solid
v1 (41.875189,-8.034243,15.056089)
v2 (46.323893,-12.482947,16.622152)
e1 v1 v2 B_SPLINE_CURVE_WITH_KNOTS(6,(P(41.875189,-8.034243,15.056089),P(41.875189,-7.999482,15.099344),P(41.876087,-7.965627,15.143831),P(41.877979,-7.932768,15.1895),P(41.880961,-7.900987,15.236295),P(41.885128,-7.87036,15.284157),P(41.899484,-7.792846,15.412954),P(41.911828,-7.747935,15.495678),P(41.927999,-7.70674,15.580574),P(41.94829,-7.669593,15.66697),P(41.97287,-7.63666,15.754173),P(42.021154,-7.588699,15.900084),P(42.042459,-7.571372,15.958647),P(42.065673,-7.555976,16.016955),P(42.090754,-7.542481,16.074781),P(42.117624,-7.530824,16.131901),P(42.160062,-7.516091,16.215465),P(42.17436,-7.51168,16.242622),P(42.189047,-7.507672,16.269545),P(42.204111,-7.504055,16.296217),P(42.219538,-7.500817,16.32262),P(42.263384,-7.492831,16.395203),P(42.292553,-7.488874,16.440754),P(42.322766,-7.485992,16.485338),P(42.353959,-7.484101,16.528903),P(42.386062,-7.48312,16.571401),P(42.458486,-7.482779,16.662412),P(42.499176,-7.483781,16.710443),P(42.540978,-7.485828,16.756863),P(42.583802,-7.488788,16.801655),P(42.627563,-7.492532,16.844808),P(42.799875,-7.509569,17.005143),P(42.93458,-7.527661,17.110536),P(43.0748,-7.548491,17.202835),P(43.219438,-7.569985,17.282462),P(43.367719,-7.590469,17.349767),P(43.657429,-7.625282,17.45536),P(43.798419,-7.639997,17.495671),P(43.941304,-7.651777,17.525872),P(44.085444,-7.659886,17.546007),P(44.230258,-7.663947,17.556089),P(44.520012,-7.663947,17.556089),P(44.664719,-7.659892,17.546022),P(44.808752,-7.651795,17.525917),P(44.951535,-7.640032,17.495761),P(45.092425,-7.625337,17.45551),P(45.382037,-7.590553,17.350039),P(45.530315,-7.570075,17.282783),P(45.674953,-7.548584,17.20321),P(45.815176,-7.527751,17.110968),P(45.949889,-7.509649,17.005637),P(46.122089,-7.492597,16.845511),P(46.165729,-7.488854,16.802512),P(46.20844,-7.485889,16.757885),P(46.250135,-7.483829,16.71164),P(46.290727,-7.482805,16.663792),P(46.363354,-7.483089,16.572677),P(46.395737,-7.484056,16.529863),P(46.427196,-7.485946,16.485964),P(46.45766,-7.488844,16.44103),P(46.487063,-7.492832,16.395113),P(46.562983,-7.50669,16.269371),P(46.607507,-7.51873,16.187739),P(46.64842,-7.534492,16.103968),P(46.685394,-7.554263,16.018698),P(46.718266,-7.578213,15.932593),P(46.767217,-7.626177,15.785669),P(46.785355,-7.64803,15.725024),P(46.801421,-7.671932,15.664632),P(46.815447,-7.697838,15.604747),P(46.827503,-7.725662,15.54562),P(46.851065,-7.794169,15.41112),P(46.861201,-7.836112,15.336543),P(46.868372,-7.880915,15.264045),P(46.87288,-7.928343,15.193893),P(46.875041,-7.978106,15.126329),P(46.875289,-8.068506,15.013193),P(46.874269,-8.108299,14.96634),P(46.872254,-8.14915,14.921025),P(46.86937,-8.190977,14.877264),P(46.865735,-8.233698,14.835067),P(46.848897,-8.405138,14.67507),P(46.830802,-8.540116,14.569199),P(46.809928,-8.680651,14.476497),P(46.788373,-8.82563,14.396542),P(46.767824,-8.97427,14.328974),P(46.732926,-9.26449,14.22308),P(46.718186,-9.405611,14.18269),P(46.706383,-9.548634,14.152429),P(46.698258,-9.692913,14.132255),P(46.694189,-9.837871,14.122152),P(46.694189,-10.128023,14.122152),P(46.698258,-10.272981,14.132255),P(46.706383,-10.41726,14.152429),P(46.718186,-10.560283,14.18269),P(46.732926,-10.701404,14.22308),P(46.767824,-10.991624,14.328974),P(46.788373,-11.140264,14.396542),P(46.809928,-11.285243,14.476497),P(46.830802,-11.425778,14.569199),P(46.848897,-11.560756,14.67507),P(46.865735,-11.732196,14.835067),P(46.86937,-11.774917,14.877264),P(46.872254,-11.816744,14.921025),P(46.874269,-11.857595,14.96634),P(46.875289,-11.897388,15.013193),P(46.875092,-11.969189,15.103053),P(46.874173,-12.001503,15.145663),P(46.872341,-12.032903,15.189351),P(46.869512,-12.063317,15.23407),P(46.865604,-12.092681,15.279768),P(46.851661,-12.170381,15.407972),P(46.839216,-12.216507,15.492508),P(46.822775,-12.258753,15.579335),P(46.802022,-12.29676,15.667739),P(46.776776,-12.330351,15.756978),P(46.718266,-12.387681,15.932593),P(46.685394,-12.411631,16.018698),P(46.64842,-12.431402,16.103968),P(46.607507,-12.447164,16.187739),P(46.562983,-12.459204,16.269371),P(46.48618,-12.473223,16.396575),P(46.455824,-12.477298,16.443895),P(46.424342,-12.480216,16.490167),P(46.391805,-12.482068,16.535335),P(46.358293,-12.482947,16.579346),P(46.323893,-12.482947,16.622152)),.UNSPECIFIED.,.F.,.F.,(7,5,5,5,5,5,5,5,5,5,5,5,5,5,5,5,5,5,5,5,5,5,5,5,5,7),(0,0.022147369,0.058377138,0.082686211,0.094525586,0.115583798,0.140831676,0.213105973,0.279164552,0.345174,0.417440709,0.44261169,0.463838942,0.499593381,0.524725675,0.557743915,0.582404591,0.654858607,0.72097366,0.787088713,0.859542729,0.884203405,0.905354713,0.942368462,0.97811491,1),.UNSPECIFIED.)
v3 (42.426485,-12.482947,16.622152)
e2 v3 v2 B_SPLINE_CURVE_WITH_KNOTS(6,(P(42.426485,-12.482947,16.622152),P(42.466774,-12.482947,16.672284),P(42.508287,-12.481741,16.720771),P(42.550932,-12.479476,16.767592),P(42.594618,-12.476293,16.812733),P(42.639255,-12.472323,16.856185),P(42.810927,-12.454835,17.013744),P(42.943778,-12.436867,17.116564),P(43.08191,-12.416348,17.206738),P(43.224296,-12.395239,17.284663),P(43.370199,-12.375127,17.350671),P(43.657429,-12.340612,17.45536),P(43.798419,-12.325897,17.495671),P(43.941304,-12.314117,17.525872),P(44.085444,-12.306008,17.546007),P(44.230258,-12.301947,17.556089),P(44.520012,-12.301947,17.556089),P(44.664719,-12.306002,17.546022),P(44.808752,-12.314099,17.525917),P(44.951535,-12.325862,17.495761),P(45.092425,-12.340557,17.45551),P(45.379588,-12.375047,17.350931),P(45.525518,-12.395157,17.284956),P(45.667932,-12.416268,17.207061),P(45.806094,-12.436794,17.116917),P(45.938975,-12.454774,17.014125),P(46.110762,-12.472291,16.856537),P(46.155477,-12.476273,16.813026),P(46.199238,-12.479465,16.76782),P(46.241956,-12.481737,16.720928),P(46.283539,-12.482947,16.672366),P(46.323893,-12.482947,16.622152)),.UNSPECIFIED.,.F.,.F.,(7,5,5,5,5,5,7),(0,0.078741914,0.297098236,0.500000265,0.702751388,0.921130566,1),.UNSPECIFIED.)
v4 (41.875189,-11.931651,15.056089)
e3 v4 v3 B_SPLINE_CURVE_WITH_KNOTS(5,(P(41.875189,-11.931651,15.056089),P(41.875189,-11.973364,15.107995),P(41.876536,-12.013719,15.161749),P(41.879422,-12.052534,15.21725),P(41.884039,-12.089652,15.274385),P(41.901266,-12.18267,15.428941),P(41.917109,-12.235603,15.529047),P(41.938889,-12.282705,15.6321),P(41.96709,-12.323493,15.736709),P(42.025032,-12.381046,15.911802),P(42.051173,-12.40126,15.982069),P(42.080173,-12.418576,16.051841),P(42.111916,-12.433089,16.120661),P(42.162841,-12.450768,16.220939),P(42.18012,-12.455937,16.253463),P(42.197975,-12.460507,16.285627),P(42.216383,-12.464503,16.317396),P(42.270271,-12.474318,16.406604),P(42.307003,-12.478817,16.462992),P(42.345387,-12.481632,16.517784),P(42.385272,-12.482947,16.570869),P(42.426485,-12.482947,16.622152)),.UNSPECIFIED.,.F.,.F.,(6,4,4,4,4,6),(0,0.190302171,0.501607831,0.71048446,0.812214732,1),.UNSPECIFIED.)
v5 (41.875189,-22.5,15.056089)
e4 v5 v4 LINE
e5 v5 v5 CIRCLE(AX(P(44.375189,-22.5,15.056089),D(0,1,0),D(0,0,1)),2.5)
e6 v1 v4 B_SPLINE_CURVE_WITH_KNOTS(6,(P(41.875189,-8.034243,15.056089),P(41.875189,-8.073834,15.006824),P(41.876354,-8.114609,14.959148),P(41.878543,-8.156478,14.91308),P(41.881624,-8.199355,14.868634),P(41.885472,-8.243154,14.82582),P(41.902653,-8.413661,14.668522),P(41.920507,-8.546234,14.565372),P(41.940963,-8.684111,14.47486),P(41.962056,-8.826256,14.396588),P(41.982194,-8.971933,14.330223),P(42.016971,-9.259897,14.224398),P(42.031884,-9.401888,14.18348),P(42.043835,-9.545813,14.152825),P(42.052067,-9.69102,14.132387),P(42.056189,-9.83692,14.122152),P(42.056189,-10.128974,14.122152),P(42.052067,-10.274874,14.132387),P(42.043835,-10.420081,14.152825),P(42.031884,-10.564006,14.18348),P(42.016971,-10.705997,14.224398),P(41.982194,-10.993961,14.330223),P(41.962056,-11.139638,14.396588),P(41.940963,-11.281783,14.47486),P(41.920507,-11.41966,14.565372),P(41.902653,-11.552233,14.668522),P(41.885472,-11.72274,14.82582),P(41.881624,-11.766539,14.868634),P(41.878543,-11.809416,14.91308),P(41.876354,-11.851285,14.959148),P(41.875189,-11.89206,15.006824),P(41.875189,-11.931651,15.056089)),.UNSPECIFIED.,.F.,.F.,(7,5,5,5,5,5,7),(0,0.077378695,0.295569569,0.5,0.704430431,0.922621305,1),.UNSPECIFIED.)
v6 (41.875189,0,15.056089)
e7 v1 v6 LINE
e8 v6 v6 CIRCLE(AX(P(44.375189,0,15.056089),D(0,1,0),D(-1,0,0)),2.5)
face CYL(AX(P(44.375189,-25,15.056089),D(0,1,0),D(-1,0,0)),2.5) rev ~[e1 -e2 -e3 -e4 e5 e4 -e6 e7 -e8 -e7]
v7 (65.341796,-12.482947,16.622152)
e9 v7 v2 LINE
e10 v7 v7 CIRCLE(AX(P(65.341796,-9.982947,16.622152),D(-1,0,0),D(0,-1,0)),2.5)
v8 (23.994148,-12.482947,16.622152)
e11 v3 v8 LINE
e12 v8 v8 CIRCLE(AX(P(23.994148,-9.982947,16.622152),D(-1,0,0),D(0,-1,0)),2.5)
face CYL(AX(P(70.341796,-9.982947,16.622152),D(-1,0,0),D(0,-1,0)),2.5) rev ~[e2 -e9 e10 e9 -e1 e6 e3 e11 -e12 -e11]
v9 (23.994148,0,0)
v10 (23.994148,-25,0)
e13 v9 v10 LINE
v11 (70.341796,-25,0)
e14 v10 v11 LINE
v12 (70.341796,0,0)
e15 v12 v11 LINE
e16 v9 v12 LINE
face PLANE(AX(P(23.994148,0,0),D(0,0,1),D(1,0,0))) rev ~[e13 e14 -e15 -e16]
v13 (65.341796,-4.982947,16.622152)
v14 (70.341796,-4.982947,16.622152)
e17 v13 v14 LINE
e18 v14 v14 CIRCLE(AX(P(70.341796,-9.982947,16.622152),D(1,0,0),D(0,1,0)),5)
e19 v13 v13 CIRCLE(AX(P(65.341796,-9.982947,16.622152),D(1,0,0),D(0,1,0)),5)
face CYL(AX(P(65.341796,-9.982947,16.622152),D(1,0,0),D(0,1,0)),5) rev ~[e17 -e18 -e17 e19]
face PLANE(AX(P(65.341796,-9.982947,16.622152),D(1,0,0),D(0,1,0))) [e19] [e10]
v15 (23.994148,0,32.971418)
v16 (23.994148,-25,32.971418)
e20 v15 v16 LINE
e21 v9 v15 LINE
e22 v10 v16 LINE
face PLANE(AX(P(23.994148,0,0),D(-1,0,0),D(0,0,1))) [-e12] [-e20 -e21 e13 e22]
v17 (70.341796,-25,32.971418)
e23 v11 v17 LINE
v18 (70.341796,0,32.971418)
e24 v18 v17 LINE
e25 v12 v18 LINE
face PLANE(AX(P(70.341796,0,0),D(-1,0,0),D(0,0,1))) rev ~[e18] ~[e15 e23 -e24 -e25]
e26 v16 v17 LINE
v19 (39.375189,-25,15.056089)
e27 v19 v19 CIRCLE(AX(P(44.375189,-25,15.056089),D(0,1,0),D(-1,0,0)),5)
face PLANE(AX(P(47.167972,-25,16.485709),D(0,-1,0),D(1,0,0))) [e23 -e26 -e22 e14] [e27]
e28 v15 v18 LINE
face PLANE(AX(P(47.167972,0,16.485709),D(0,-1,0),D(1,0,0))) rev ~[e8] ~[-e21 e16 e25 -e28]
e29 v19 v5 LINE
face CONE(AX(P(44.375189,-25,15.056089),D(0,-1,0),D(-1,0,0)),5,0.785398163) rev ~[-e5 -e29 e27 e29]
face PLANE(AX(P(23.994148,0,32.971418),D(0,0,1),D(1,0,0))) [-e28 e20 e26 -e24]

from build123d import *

# Parameters (mm, degrees)
F0_W           = 46.347648
F0_H           = 32.971419
F1_DEPTH       = 25
F3_D           = 5
F3_CSINK_D     = 10
F3_CSINK_ANGLE = 90
F5_D           = 5
F5_CBORE_D     = 10
F5_CBORE_DEPTH = 5


with BuildPart() as f1:
    # F0 (on Front) → F1 (new body)
    with BuildSketch(Plane.XZ):
        with Locations((47.167972, 16.485709)):
            Rectangle(F0_W, F0_H)
    extrude(amount=F1_DEPTH)

    # F3 (through all)
    with Locations(Plane.XZ.offset(25)):
        with Locations((44.375189, 15.056089)):
            CounterSinkHole(F3_D / 2, F3_CSINK_D / 2, counter_sink_angle=F3_CSINK_ANGLE)

    # F5 (through all)
    with Locations(Plane.YZ.offset(70.341796)):
        with Locations((-9.982947, 16.622152)):
            CounterBoreHole(F5_D / 2, F5_CBORE_D / 2, F5_CBORE_DEPTH)


solid = f1.part
